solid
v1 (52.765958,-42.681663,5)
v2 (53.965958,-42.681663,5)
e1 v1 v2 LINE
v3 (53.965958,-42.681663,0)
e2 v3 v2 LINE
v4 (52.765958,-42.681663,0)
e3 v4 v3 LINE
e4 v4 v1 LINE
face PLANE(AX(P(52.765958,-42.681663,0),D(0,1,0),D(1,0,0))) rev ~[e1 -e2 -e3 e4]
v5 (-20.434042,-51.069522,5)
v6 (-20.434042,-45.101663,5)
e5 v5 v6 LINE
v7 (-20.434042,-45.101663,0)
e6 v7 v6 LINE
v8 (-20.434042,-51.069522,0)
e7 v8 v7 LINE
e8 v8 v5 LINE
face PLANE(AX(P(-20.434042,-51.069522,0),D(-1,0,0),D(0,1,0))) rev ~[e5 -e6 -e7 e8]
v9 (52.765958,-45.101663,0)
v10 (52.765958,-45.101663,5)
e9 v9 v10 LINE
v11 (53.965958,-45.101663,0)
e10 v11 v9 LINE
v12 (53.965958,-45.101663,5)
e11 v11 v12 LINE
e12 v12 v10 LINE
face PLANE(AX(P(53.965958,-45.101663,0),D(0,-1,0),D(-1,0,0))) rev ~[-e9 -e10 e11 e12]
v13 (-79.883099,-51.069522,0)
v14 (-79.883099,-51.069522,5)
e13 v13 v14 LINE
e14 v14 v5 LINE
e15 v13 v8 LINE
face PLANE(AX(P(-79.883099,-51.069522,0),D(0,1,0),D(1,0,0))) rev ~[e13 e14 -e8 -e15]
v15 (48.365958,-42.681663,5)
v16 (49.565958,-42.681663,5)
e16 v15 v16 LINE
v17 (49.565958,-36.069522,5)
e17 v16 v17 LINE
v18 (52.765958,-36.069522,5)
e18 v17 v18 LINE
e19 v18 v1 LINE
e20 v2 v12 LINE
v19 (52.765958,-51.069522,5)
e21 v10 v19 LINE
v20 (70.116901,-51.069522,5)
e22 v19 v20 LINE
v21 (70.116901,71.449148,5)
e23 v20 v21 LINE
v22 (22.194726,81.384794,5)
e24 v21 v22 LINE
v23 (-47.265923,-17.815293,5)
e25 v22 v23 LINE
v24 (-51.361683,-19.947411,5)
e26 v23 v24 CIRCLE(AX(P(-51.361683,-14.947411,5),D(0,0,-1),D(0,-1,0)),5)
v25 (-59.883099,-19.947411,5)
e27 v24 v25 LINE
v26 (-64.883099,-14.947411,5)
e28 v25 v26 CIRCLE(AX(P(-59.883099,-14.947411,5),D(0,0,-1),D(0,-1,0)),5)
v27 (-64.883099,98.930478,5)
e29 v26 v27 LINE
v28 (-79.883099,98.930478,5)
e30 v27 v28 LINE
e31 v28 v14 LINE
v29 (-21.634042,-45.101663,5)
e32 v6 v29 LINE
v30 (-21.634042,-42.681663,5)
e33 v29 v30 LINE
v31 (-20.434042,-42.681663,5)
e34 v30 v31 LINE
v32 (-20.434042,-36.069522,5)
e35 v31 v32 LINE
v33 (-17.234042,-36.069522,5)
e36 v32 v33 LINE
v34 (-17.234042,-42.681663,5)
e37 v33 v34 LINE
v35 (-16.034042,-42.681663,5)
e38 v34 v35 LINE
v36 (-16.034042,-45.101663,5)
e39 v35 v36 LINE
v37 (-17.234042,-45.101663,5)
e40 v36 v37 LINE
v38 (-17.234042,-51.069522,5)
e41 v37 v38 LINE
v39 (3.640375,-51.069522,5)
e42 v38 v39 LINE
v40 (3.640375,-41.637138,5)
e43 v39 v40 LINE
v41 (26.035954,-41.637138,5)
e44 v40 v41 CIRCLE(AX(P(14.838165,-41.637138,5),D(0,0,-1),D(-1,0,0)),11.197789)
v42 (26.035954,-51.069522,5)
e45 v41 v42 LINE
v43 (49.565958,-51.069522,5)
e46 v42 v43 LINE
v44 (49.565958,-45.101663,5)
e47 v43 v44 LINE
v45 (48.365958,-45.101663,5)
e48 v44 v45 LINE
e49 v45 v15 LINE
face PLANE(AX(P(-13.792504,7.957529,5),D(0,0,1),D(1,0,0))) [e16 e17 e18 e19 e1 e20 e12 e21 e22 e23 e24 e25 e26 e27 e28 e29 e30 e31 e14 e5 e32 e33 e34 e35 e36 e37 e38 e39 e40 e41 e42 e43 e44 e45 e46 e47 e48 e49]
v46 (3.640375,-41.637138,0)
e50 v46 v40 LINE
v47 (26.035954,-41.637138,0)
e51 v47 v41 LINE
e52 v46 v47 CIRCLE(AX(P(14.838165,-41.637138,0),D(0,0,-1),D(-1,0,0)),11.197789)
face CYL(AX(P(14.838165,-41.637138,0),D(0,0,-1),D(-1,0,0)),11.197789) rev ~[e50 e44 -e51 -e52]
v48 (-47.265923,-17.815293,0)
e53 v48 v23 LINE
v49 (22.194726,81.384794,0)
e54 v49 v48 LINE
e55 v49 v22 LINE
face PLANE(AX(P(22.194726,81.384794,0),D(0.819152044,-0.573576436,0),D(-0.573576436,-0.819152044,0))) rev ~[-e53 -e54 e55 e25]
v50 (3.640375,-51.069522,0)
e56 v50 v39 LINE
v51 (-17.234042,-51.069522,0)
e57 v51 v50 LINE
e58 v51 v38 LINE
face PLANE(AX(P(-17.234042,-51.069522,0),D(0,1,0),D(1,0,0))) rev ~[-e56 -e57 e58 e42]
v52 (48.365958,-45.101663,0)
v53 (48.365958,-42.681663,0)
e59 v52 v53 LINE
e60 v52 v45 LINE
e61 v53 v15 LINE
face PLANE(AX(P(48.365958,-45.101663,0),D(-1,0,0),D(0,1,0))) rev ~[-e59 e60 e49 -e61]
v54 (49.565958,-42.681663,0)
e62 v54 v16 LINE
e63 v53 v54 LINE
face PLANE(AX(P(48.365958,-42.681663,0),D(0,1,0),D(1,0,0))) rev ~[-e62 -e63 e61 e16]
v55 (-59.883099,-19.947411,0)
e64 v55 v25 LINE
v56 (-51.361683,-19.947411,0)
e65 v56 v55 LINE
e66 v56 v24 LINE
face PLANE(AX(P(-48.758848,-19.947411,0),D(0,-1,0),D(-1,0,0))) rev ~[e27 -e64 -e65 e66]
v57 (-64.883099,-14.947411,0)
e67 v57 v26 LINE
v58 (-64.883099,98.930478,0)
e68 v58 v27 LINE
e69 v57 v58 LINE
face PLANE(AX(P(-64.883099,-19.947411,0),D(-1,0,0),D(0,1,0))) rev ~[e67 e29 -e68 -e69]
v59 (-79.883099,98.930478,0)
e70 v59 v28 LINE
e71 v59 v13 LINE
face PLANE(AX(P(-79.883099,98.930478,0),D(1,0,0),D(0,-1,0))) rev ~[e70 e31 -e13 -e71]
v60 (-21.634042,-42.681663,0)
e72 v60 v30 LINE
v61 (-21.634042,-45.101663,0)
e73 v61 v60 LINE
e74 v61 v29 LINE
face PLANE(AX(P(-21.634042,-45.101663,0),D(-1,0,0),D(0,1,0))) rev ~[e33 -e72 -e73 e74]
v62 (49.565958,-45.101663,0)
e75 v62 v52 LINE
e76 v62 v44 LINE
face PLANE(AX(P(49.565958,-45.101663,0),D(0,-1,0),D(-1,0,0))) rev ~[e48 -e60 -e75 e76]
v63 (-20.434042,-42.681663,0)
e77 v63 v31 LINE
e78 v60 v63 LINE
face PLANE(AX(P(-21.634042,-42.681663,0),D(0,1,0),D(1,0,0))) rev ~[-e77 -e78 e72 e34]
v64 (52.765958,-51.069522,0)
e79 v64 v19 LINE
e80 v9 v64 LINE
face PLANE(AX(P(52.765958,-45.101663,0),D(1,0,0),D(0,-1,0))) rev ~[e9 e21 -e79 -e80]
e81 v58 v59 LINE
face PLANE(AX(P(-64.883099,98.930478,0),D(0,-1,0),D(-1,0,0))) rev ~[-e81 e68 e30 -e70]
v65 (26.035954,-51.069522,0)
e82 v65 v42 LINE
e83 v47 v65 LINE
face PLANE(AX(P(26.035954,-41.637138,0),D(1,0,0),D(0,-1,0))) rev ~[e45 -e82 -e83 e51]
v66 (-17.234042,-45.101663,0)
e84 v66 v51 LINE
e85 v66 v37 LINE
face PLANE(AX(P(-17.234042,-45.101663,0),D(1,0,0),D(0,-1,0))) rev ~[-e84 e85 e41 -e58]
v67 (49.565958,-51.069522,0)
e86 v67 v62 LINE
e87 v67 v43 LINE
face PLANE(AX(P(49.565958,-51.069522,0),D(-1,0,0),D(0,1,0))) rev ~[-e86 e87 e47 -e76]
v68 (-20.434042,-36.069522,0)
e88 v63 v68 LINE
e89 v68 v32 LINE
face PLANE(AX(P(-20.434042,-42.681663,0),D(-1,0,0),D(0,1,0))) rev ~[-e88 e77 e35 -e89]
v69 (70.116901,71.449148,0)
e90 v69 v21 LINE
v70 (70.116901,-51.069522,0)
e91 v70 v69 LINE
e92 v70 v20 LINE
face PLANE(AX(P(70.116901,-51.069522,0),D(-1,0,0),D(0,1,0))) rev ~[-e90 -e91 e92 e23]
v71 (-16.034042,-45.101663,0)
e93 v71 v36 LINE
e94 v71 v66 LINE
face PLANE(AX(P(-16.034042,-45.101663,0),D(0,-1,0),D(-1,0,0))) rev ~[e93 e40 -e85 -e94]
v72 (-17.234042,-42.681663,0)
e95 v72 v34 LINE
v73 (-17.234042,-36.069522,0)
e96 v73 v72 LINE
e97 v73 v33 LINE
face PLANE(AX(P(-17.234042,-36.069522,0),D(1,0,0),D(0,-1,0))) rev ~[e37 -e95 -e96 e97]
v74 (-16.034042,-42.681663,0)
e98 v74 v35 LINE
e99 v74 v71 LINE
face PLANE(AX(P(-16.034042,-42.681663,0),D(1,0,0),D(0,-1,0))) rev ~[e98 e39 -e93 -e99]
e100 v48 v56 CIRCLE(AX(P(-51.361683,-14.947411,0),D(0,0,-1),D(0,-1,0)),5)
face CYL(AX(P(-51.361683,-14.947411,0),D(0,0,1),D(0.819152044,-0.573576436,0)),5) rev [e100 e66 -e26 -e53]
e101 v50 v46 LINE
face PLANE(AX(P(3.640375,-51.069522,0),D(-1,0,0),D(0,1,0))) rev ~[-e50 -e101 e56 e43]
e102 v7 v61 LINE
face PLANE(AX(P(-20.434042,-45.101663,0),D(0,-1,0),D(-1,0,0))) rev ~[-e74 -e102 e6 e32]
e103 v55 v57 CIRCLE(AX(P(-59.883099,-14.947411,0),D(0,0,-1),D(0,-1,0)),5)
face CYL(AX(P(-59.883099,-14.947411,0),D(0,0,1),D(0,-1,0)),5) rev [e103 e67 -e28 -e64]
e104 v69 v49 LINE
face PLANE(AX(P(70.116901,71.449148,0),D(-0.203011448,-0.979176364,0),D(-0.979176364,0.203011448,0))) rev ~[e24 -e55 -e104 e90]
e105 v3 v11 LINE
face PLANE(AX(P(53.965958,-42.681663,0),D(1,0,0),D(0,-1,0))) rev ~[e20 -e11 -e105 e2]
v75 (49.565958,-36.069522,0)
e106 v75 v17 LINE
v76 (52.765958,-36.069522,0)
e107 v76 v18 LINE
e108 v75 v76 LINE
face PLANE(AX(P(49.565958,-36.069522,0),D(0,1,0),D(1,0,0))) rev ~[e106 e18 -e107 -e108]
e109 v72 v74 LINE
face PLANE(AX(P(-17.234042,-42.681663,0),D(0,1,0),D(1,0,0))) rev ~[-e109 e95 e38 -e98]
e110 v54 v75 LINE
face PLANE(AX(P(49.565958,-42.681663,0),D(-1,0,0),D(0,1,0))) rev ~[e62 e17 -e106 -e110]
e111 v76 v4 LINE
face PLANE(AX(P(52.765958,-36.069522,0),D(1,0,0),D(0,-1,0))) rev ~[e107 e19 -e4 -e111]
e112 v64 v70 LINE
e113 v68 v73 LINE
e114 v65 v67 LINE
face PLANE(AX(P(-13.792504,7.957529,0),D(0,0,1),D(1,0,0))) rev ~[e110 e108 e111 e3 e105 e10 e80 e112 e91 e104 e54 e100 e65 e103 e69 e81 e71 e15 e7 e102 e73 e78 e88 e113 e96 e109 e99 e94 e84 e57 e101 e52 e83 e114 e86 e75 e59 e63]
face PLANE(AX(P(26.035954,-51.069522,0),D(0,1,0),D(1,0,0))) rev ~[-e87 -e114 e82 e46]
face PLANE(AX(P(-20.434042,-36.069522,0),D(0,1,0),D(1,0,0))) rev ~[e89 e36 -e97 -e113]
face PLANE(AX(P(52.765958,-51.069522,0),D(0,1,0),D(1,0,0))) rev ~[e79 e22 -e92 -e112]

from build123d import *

# Parameters (mm, degrees)
BOSS_EXTRU_1_DEPTH = 5
CONG_1_R           = 5


with BuildPart() as part:
    # Esquisse1 → Boss.-Extru.1 (new body)
    with BuildSketch(Plane.XY):
        with BuildLine():
            Line((-79.883099041, 98.930477667), (-79.883099041, -51.069522333))
            Line((-79.883099041, -51.069522333), (-20.434042124, -51.069522333))
            Line((-20.434042124, -51.069522333), (-20.434042124, -45.101662771))
            Line((-20.434042124, -45.101662771), (-21.634042124, -45.101662771))
            Line((-21.634042124, -45.101662771), (-21.634042124, -42.681662771))
            Line((-21.634042124, -42.681662771), (-20.434042124, -42.681662771))
            Line((-20.434042124, -42.681662771), (-20.434042124, -36.069522333))
            Line((-20.434042124, -36.069522333), (-17.234042124, -36.069522333))
            Line((-17.234042124, -36.069522333), (-17.234042124, -42.681662771))
            Line((-17.234042124, -42.681662771), (-16.034042124, -42.681662771))
            Line((-16.034042124, -42.681662771), (-16.034042124, -45.101662771))
            Line((-16.034042124, -45.101662771), (-17.234042124, -45.101662771))
            Line((-17.234042124, -45.101662771), (-17.234042124, -51.069522333))
            Line((-17.234042124, -51.069522333), (3.640375371, -51.069522333))
            Line((3.640375371, -51.069522333), (3.640375371, -41.637138386))
            ThreePointArc((3.640375371, -41.637138386), (14.83816479, -30.439348967), (26.035954209, -41.637138386))
            Line((26.035954209, -41.637138386), (26.035954209, -51.069522333))
            Line((26.035954209, -51.069522333), (49.565957876, -51.069522333))
            Line((49.565957876, -51.069522333), (49.565957876, -45.101662771))
            Line((49.565957876, -45.101662771), (48.365957876, -45.101662771))
            Line((48.365957876, -45.101662771), (48.365957876, -42.681662771))
            Line((48.365957876, -42.681662771), (49.565957876, -42.681662771))
            Line((49.565957876, -42.681662771), (49.565957876, -36.069522333))
            Line((49.565957876, -36.069522333), (52.765957876, -36.069522333))
            Line((52.765957876, -36.069522333), (52.765957876, -42.681662771))
            Line((52.765957876, -42.681662771), (53.965957876, -42.681662771))
            Line((53.965957876, -42.681662771), (53.965957876, -45.101662771))
            Line((53.965957876, -45.101662771), (52.765957876, -45.101662771))
            Line((52.765957876, -45.101662771), (52.765957876, -51.069522333))
            Line((52.765957876, -51.069522333), (70.116900959, -51.069522333))
            Line((70.116900959, -51.069522333), (70.116900959, -43.569522333))
            Line((70.116900959, -43.569522333), (70.116900959, 71.449147664))
            Line((70.116900959, 71.449147664), (22.19472603, 81.384794059))
            Line((22.19472603, 81.384794059), (-48.758847586, -19.947410672))
            Line((-48.758847586, -19.947410672), (-64.883099041, -19.947410672))
            Line((-64.883099041, -19.947410672), (-64.883099041, 98.930477667))
            Line((-64.883099041, 98.930477667), (-79.883099041, 98.930477667))
        make_face()
    extrude(amount=BOSS_EXTRU_1_DEPTH)

    # Congé1
    cong_1_edges = [part.edges().sort_by_distance(p)[0] for p in [
        (-64.883099041, -19.947410672, 2.5),
        (-48.758847586, -19.947410672, 2.5),
    ]]
    fillet(cong_1_edges, radius=CONG_1_R)


solid = part.part
